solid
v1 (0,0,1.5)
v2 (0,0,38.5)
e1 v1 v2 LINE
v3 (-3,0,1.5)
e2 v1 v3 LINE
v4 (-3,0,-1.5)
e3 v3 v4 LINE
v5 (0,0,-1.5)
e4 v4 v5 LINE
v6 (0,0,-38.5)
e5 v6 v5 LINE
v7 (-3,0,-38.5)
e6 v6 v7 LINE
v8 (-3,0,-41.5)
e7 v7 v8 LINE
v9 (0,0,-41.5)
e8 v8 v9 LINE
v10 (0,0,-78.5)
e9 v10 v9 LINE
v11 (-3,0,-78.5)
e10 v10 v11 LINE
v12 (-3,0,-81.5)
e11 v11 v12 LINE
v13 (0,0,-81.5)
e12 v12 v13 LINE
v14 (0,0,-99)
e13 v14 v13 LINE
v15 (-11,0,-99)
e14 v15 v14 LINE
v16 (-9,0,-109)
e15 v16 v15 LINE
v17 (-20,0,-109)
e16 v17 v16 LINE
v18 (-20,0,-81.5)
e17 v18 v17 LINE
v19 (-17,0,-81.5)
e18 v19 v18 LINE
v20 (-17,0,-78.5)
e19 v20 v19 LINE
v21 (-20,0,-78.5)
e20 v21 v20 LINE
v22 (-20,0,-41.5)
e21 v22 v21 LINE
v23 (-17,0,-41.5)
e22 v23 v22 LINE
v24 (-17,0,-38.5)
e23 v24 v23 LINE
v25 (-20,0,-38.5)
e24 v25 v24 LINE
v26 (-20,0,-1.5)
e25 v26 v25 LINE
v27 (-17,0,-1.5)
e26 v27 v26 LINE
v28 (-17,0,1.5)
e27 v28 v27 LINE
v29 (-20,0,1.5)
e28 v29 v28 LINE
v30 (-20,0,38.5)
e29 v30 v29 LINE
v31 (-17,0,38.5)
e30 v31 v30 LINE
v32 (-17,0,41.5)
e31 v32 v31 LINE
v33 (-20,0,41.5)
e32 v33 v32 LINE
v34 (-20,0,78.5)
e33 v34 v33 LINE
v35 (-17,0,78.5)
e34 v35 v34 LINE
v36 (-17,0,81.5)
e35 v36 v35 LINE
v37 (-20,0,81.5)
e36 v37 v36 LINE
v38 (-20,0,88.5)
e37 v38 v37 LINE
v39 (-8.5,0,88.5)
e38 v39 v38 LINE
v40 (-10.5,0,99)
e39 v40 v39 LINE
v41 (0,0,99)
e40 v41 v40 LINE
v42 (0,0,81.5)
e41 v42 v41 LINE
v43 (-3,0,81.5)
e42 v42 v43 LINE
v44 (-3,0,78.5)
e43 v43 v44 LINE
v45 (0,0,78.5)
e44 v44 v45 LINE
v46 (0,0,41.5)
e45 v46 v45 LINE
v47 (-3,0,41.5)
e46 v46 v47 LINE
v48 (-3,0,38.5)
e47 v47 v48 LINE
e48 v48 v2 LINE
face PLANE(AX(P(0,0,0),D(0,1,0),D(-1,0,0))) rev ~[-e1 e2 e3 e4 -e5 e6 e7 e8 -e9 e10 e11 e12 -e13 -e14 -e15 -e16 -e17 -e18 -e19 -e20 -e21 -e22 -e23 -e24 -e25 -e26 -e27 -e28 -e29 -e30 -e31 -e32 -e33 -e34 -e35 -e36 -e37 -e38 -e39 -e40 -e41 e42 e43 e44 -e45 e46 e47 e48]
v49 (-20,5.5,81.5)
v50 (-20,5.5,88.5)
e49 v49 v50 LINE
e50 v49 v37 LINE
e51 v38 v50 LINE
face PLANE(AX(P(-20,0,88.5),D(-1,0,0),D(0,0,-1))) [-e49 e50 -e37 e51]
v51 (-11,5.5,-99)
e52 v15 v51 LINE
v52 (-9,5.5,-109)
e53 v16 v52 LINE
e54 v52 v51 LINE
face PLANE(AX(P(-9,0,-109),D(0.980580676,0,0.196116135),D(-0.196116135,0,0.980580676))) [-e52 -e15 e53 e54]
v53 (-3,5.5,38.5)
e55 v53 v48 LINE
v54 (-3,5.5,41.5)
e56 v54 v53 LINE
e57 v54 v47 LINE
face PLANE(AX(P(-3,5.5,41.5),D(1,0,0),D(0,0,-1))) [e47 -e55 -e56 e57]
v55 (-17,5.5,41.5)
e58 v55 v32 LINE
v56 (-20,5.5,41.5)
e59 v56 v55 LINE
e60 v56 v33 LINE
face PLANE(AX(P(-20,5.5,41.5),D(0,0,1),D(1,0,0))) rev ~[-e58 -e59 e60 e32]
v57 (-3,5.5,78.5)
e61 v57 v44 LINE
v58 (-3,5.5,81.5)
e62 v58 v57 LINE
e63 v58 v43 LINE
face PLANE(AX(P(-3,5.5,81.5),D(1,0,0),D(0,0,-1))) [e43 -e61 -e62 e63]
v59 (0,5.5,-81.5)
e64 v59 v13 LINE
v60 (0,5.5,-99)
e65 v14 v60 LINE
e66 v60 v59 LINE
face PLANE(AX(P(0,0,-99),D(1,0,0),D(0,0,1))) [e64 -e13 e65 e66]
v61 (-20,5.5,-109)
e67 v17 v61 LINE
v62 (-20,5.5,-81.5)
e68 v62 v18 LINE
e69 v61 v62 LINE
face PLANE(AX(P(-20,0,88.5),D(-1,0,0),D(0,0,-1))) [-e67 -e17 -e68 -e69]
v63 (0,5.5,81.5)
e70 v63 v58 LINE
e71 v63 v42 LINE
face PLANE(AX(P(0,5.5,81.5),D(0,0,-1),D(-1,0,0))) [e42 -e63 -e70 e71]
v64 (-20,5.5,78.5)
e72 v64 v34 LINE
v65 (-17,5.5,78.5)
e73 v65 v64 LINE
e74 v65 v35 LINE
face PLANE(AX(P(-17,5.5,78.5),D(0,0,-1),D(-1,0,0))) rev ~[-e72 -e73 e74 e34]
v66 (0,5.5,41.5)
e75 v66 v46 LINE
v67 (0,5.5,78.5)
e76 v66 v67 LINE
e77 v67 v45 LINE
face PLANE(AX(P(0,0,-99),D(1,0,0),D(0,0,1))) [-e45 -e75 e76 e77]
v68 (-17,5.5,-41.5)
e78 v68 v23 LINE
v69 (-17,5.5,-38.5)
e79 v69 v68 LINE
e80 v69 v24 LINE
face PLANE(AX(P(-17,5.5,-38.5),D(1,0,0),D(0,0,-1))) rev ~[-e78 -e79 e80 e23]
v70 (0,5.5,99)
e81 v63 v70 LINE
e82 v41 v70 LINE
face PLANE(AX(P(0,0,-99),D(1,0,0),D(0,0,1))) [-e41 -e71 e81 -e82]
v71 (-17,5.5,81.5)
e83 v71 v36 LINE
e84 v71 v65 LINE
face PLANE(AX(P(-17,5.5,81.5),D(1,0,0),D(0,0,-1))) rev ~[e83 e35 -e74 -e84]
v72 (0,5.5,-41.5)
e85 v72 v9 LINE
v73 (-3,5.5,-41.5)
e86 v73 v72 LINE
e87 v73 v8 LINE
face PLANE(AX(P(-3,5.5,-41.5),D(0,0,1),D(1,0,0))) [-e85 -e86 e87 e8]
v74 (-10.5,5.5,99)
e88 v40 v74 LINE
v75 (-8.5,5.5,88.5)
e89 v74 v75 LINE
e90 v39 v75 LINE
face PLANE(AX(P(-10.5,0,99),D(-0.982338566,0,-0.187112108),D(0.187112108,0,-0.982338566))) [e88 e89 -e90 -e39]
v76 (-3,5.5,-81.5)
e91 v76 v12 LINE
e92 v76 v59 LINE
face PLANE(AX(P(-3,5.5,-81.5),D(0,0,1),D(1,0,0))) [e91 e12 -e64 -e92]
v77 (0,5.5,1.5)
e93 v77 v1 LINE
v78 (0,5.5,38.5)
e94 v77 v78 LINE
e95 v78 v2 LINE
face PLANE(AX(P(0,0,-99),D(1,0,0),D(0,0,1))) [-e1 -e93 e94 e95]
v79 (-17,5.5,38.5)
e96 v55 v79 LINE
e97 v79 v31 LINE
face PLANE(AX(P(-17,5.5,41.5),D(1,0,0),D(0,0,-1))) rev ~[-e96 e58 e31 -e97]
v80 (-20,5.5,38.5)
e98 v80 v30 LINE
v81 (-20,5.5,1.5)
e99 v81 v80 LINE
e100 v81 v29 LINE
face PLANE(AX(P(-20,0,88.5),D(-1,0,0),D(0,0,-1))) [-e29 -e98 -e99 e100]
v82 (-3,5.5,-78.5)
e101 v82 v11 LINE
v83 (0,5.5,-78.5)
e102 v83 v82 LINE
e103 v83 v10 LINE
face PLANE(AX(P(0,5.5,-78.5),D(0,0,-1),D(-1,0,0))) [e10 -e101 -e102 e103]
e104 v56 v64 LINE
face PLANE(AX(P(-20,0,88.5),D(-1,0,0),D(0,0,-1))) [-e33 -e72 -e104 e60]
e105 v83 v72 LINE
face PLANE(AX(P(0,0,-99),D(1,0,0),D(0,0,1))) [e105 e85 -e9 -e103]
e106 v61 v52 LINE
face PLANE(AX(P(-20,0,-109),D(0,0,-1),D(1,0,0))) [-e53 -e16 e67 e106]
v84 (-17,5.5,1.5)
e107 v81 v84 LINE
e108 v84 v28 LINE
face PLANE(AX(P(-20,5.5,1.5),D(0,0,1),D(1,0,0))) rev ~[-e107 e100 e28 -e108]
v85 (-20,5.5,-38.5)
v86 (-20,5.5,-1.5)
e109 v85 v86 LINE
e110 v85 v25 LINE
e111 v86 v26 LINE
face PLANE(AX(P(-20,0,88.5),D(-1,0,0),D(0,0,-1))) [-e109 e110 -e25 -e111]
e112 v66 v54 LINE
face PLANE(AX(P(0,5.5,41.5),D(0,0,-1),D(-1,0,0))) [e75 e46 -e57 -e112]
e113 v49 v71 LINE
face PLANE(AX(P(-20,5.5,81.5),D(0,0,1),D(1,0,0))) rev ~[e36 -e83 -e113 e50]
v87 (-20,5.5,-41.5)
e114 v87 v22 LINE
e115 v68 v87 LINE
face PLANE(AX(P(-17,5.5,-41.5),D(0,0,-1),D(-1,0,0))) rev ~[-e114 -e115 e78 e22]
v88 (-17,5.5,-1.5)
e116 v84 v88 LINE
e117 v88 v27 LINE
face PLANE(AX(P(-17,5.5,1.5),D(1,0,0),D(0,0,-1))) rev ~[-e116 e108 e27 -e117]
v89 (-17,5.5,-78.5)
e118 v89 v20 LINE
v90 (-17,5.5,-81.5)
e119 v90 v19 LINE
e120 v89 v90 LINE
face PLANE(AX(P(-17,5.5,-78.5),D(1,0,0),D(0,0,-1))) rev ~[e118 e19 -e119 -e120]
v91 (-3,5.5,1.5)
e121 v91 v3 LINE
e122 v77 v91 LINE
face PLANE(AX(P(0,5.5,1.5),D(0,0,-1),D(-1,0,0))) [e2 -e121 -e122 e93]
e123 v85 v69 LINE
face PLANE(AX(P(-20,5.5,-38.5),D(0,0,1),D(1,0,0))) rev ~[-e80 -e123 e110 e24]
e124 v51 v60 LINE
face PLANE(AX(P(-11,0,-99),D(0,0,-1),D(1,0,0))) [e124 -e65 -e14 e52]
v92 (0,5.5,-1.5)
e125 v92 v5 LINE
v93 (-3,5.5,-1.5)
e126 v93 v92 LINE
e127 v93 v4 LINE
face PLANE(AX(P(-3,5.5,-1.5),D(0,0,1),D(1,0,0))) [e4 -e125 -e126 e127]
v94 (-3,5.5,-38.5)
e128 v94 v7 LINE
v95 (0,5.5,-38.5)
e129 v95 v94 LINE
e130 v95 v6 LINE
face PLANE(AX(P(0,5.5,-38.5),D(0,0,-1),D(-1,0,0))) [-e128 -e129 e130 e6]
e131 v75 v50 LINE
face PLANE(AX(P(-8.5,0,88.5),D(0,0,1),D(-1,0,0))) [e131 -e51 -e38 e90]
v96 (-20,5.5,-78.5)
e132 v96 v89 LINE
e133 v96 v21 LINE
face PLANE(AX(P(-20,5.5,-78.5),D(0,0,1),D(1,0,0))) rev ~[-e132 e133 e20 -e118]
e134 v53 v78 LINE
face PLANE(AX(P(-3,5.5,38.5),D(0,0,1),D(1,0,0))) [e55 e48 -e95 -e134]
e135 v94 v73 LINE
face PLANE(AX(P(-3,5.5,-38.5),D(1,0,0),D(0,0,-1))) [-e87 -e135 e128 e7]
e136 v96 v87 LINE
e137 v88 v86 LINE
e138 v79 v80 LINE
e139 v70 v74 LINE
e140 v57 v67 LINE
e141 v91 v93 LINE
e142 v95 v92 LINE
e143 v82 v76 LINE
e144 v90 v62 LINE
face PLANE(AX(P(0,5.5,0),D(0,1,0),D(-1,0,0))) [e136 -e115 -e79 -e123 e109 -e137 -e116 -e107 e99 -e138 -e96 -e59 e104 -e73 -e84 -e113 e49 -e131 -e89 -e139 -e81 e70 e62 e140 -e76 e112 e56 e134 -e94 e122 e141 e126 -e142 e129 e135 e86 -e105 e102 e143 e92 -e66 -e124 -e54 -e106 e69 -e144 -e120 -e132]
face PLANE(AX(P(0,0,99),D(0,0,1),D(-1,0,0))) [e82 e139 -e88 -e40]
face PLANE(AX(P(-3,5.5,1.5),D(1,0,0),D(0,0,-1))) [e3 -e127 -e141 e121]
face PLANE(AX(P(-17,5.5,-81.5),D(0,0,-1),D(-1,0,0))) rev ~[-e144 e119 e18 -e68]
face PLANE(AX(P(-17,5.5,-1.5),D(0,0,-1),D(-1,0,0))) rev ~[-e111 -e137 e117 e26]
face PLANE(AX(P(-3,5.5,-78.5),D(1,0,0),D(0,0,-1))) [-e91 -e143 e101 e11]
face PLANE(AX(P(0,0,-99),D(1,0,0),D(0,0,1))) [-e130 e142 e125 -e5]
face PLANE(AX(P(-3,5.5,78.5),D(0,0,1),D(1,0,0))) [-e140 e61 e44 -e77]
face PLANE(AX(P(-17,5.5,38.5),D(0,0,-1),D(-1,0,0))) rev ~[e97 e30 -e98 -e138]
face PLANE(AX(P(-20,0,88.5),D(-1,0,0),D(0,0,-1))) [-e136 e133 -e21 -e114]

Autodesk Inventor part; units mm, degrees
ref_plane "YZ Plane" through (0, 0, 0) normal (1, 0, 0) x (0, 1, 0)
ref_plane "XZ Plane" through (0, 0, 0) normal (0, 1, 0) x (-1, 0, 0)
ref_plane "XY Plane" through (0, 0, 0) normal (0, 0, 1) x (1, 0, 0)
sketch "スケッチ1" plane through (0, 0, 0) normal (0, 1, 0) x (-1, 0, 0)
  line L0 (0, 99) -> (20, 99)
  line L1 (20, 99) -> (20, -99)
  line L2 (20, -99) -> (0, -99)
  line L3 (0, -99) -> (0, 99)
  line L4 (20, -99) -> (20, -109)
  line L5 (20, -109) -> (9, -109)
  line L6 (9, -109) -> (11, -99)
  line L7 (10.5, 99) -> (8.5, 88.5)
  line L8 (8.5, 88.5) -> (20, 88.5)
  point P0 (0, 0)
  point P1 (0, 0)
  point P2 (10, -99)
  point P3 (10, 99)
  dimension "d0" = 198
  dimension "d1" = 20
  dimension "d4" = 10
  dimension "d5" = 1
  dimension "d6" = 1
  dimension "d7" = 10.5
  dimension "d8" = 1.5
  dimension "d9" = 0.5
extrude "押し出し1" add sketch "スケッチ1" along normal blind 5.5 contours L0 L7 L8 L1 L2 L3 | L2 L4 L5 L6
sketch "スケッチ2" plane through (0, 5.5, 0) normal (0, 1, 0) x (1, 0, 0)
  line L0 (-20, 109) -> (-20, -88.5) projected
  line L1 (-20, -1.5) -> (-17, -1.5)
  line L2 (-17, -1.5) -> (-17, 1.5)
  line L3 (-17, 1.5) -> (-20, 1.5)
  line L4 (-20, 1.5) -> (-20, -1.5)
  line L5 (0, -99) -> (0, 99) projected
  line L6 (0, -1.5) -> (-3, -1.5)
  line L7 (-3, -1.5) -> (-3, 1.5)
  line L8 (-3, 1.5) -> (0, 1.5)
  line L9 (0, 1.5) -> (0, -1.5)
  point P0 (0, 0)
  point P1 (-17, 0)
  point P2 (0, 0)
  point P3 (0, 1.5)
  dimension "d10" = 3
  dimension "d11" = 3
extrude "押し出し2" cut sketch "スケッチ2" against normal through all
pattern_linear "矩形状パターン1" count 3 spacing 40 along (0, 0, -1) count 3 spacing 40 along (0, 0, 1) of "押し出し2"
properties part number "front" material "木材 (カエデ材)"
